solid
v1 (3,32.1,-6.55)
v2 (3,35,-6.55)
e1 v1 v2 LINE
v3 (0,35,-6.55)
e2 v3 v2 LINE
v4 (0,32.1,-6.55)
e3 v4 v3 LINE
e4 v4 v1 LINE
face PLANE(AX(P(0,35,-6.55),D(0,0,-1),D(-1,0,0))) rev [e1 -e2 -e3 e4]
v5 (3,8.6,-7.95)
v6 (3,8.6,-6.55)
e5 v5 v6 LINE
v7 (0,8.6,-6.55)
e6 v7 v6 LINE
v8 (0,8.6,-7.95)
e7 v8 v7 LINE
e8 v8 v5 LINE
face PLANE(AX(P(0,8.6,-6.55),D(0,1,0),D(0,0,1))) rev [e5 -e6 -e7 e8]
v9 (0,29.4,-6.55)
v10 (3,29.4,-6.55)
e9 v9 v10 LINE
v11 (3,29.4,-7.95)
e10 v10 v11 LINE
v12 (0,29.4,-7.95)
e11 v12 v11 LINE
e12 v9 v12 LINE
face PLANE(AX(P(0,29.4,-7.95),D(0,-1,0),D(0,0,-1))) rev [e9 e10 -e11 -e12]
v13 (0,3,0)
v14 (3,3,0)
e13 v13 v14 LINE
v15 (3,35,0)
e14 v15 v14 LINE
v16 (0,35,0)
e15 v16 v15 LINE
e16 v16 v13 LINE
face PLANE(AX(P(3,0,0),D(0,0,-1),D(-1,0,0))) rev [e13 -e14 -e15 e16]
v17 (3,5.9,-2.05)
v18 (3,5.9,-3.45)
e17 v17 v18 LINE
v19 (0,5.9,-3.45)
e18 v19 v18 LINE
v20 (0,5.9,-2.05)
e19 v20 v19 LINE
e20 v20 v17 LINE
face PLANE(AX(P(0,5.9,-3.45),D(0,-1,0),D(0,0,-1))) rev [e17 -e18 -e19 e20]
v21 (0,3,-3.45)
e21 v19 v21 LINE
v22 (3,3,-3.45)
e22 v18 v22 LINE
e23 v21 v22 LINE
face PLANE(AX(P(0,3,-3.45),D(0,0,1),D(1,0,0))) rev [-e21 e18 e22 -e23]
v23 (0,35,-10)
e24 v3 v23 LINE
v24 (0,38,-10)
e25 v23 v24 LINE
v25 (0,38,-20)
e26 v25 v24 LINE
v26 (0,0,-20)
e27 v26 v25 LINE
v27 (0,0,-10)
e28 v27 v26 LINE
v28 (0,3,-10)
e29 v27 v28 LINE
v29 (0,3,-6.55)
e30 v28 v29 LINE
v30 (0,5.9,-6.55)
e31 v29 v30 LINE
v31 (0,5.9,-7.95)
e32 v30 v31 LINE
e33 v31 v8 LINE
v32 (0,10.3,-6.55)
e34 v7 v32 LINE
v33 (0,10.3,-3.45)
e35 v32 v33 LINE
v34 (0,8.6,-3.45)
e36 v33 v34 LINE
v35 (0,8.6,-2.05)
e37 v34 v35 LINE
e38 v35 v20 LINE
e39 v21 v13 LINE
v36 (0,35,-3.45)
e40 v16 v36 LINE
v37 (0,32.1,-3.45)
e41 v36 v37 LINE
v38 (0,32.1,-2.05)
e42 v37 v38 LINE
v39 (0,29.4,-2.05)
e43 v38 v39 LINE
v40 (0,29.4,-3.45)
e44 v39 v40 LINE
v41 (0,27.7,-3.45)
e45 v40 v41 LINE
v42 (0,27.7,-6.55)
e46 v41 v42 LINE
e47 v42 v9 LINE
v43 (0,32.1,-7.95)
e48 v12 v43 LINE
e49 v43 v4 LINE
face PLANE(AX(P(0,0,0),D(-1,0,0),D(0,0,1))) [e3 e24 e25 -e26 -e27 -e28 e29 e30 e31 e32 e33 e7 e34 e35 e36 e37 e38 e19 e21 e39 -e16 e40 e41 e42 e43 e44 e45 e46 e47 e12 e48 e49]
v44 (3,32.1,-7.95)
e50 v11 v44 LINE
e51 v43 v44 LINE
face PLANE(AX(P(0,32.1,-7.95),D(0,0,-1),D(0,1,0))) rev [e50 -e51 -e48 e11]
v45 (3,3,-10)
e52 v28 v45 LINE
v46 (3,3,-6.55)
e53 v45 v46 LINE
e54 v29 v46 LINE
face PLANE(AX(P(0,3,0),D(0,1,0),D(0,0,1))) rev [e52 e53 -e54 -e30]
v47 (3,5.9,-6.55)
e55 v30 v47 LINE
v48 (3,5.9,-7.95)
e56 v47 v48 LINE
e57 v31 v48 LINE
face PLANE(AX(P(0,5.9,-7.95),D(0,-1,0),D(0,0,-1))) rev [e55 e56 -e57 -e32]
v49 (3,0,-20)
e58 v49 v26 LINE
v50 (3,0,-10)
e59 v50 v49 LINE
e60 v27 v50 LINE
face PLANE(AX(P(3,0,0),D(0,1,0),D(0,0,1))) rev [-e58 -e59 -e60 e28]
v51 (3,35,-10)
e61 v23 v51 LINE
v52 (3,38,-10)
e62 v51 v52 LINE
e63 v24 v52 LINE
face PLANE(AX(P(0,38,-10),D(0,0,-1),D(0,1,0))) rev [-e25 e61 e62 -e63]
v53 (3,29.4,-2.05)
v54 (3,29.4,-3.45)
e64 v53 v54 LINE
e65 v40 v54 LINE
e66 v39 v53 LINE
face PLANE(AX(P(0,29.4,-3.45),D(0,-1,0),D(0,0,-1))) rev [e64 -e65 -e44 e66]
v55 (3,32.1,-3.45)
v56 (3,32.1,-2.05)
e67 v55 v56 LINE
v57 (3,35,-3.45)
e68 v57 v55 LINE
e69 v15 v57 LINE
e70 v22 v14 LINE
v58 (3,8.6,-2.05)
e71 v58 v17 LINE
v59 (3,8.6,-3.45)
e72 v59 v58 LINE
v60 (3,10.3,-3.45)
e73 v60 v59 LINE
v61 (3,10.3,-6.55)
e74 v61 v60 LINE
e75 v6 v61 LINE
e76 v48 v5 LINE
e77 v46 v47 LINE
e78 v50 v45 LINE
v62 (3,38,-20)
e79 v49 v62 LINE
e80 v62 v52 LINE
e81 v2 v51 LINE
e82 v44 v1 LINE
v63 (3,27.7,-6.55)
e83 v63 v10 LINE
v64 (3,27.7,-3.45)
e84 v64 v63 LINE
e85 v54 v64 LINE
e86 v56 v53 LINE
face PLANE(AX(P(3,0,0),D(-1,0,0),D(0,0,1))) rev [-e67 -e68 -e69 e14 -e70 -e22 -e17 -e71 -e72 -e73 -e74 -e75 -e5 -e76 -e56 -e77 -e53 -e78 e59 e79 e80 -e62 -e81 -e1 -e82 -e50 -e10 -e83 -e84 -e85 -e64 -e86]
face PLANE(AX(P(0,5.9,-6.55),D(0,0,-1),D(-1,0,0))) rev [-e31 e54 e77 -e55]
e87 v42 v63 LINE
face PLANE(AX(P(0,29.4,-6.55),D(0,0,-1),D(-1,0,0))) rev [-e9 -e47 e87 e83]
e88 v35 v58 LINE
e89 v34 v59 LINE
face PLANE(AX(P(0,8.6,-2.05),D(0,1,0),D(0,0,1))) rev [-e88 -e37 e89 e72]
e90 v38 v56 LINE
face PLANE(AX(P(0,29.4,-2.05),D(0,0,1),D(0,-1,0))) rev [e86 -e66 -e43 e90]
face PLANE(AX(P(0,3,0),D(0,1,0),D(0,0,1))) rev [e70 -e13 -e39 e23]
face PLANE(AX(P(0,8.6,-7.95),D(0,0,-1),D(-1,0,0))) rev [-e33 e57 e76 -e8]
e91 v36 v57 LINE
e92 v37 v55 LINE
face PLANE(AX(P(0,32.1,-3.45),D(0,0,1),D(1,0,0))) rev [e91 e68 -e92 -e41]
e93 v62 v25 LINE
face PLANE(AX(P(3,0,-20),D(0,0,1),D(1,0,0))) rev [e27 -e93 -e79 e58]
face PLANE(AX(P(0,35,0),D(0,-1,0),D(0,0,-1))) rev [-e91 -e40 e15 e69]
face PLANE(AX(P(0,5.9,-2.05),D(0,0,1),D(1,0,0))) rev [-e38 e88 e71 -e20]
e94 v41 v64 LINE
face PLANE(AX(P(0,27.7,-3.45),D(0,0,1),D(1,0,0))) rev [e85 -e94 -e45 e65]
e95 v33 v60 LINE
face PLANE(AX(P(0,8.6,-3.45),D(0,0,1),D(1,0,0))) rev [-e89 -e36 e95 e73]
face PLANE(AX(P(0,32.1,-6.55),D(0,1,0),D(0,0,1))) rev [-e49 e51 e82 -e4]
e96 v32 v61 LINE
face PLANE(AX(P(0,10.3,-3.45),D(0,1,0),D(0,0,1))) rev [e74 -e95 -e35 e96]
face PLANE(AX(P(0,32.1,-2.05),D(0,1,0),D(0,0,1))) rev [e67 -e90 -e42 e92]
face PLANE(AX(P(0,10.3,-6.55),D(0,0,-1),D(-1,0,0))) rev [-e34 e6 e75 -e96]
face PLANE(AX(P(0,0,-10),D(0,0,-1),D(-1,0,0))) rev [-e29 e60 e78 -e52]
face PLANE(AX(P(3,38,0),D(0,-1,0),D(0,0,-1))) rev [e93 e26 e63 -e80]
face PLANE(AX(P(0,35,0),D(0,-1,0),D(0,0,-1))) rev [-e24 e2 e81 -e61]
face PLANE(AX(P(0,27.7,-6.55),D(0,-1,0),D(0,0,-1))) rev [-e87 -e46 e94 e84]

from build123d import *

# Parameters (mm, degrees)
SKETCH1_W           = 20
SKETCH1_H           = 38
BOSS_EXTRUDE1_DEPTH = 3
SKETCH2_W           = 10
SKETCH2_H           = 3
CUT_EXTRUDE1_DEPTH  = 3
CUT_EXTRUDE2_DEPTH  = 3


with BuildPart() as part:
    # Sketch1 → Boss-Extrude1 (new body)
    with BuildSketch(Plane(origin=(0, 0, 0), x_dir=(0, 0, -1), z_dir=(1, 0, 0))):
        with Locations((10, 19)):
            Rectangle(SKETCH1_W, SKETCH1_H)
    extrude(amount=BOSS_EXTRUDE1_DEPTH)

    # Sketch2 → Cut-Extrude1 (cut)
    with BuildSketch(Plane(origin=(3, 0, 0), x_dir=(0, 0, -1), z_dir=(1, 0, 0))):
        with Locations((5, 36.5)):
            Rectangle(SKETCH2_W, SKETCH2_H)
        with Locations((5, 1.5)):
            Rectangle(SKETCH2_W, SKETCH2_H)
    extrude(amount=-CUT_EXTRUDE1_DEPTH, mode=Mode.SUBTRACT)

    # Sketch3 → Cut-Extrude2 (cut)
    with BuildSketch(Plane(origin=(3, 0, 0), x_dir=(0, 0, -1), z_dir=(1, 0, 0))):
        Polygon((3.45, 3), (3.45, 5.9), (2.05, 5.9), (2.05, 8.6), (3.45, 8.6), (3.45, 10.3), (6.55, 10.3), (6.55, 8.6), (7.95, 8.6), (7.95, 5.9), (6.55, 5.9), (6.55, 3), align=None)
        Polygon((6.55, 35), (6.55, 32.1), (7.95, 32.1), (7.95, 29.4), (6.55, 29.4), (6.55, 27.7), (3.45, 27.7), (3.45, 29.4), (2.05, 29.4), (2.05, 32.1), (3.45, 32.1), (3.45, 35), align=None)
    extrude(amount=-CUT_EXTRUDE2_DEPTH, mode=Mode.SUBTRACT)


solid = part.part
